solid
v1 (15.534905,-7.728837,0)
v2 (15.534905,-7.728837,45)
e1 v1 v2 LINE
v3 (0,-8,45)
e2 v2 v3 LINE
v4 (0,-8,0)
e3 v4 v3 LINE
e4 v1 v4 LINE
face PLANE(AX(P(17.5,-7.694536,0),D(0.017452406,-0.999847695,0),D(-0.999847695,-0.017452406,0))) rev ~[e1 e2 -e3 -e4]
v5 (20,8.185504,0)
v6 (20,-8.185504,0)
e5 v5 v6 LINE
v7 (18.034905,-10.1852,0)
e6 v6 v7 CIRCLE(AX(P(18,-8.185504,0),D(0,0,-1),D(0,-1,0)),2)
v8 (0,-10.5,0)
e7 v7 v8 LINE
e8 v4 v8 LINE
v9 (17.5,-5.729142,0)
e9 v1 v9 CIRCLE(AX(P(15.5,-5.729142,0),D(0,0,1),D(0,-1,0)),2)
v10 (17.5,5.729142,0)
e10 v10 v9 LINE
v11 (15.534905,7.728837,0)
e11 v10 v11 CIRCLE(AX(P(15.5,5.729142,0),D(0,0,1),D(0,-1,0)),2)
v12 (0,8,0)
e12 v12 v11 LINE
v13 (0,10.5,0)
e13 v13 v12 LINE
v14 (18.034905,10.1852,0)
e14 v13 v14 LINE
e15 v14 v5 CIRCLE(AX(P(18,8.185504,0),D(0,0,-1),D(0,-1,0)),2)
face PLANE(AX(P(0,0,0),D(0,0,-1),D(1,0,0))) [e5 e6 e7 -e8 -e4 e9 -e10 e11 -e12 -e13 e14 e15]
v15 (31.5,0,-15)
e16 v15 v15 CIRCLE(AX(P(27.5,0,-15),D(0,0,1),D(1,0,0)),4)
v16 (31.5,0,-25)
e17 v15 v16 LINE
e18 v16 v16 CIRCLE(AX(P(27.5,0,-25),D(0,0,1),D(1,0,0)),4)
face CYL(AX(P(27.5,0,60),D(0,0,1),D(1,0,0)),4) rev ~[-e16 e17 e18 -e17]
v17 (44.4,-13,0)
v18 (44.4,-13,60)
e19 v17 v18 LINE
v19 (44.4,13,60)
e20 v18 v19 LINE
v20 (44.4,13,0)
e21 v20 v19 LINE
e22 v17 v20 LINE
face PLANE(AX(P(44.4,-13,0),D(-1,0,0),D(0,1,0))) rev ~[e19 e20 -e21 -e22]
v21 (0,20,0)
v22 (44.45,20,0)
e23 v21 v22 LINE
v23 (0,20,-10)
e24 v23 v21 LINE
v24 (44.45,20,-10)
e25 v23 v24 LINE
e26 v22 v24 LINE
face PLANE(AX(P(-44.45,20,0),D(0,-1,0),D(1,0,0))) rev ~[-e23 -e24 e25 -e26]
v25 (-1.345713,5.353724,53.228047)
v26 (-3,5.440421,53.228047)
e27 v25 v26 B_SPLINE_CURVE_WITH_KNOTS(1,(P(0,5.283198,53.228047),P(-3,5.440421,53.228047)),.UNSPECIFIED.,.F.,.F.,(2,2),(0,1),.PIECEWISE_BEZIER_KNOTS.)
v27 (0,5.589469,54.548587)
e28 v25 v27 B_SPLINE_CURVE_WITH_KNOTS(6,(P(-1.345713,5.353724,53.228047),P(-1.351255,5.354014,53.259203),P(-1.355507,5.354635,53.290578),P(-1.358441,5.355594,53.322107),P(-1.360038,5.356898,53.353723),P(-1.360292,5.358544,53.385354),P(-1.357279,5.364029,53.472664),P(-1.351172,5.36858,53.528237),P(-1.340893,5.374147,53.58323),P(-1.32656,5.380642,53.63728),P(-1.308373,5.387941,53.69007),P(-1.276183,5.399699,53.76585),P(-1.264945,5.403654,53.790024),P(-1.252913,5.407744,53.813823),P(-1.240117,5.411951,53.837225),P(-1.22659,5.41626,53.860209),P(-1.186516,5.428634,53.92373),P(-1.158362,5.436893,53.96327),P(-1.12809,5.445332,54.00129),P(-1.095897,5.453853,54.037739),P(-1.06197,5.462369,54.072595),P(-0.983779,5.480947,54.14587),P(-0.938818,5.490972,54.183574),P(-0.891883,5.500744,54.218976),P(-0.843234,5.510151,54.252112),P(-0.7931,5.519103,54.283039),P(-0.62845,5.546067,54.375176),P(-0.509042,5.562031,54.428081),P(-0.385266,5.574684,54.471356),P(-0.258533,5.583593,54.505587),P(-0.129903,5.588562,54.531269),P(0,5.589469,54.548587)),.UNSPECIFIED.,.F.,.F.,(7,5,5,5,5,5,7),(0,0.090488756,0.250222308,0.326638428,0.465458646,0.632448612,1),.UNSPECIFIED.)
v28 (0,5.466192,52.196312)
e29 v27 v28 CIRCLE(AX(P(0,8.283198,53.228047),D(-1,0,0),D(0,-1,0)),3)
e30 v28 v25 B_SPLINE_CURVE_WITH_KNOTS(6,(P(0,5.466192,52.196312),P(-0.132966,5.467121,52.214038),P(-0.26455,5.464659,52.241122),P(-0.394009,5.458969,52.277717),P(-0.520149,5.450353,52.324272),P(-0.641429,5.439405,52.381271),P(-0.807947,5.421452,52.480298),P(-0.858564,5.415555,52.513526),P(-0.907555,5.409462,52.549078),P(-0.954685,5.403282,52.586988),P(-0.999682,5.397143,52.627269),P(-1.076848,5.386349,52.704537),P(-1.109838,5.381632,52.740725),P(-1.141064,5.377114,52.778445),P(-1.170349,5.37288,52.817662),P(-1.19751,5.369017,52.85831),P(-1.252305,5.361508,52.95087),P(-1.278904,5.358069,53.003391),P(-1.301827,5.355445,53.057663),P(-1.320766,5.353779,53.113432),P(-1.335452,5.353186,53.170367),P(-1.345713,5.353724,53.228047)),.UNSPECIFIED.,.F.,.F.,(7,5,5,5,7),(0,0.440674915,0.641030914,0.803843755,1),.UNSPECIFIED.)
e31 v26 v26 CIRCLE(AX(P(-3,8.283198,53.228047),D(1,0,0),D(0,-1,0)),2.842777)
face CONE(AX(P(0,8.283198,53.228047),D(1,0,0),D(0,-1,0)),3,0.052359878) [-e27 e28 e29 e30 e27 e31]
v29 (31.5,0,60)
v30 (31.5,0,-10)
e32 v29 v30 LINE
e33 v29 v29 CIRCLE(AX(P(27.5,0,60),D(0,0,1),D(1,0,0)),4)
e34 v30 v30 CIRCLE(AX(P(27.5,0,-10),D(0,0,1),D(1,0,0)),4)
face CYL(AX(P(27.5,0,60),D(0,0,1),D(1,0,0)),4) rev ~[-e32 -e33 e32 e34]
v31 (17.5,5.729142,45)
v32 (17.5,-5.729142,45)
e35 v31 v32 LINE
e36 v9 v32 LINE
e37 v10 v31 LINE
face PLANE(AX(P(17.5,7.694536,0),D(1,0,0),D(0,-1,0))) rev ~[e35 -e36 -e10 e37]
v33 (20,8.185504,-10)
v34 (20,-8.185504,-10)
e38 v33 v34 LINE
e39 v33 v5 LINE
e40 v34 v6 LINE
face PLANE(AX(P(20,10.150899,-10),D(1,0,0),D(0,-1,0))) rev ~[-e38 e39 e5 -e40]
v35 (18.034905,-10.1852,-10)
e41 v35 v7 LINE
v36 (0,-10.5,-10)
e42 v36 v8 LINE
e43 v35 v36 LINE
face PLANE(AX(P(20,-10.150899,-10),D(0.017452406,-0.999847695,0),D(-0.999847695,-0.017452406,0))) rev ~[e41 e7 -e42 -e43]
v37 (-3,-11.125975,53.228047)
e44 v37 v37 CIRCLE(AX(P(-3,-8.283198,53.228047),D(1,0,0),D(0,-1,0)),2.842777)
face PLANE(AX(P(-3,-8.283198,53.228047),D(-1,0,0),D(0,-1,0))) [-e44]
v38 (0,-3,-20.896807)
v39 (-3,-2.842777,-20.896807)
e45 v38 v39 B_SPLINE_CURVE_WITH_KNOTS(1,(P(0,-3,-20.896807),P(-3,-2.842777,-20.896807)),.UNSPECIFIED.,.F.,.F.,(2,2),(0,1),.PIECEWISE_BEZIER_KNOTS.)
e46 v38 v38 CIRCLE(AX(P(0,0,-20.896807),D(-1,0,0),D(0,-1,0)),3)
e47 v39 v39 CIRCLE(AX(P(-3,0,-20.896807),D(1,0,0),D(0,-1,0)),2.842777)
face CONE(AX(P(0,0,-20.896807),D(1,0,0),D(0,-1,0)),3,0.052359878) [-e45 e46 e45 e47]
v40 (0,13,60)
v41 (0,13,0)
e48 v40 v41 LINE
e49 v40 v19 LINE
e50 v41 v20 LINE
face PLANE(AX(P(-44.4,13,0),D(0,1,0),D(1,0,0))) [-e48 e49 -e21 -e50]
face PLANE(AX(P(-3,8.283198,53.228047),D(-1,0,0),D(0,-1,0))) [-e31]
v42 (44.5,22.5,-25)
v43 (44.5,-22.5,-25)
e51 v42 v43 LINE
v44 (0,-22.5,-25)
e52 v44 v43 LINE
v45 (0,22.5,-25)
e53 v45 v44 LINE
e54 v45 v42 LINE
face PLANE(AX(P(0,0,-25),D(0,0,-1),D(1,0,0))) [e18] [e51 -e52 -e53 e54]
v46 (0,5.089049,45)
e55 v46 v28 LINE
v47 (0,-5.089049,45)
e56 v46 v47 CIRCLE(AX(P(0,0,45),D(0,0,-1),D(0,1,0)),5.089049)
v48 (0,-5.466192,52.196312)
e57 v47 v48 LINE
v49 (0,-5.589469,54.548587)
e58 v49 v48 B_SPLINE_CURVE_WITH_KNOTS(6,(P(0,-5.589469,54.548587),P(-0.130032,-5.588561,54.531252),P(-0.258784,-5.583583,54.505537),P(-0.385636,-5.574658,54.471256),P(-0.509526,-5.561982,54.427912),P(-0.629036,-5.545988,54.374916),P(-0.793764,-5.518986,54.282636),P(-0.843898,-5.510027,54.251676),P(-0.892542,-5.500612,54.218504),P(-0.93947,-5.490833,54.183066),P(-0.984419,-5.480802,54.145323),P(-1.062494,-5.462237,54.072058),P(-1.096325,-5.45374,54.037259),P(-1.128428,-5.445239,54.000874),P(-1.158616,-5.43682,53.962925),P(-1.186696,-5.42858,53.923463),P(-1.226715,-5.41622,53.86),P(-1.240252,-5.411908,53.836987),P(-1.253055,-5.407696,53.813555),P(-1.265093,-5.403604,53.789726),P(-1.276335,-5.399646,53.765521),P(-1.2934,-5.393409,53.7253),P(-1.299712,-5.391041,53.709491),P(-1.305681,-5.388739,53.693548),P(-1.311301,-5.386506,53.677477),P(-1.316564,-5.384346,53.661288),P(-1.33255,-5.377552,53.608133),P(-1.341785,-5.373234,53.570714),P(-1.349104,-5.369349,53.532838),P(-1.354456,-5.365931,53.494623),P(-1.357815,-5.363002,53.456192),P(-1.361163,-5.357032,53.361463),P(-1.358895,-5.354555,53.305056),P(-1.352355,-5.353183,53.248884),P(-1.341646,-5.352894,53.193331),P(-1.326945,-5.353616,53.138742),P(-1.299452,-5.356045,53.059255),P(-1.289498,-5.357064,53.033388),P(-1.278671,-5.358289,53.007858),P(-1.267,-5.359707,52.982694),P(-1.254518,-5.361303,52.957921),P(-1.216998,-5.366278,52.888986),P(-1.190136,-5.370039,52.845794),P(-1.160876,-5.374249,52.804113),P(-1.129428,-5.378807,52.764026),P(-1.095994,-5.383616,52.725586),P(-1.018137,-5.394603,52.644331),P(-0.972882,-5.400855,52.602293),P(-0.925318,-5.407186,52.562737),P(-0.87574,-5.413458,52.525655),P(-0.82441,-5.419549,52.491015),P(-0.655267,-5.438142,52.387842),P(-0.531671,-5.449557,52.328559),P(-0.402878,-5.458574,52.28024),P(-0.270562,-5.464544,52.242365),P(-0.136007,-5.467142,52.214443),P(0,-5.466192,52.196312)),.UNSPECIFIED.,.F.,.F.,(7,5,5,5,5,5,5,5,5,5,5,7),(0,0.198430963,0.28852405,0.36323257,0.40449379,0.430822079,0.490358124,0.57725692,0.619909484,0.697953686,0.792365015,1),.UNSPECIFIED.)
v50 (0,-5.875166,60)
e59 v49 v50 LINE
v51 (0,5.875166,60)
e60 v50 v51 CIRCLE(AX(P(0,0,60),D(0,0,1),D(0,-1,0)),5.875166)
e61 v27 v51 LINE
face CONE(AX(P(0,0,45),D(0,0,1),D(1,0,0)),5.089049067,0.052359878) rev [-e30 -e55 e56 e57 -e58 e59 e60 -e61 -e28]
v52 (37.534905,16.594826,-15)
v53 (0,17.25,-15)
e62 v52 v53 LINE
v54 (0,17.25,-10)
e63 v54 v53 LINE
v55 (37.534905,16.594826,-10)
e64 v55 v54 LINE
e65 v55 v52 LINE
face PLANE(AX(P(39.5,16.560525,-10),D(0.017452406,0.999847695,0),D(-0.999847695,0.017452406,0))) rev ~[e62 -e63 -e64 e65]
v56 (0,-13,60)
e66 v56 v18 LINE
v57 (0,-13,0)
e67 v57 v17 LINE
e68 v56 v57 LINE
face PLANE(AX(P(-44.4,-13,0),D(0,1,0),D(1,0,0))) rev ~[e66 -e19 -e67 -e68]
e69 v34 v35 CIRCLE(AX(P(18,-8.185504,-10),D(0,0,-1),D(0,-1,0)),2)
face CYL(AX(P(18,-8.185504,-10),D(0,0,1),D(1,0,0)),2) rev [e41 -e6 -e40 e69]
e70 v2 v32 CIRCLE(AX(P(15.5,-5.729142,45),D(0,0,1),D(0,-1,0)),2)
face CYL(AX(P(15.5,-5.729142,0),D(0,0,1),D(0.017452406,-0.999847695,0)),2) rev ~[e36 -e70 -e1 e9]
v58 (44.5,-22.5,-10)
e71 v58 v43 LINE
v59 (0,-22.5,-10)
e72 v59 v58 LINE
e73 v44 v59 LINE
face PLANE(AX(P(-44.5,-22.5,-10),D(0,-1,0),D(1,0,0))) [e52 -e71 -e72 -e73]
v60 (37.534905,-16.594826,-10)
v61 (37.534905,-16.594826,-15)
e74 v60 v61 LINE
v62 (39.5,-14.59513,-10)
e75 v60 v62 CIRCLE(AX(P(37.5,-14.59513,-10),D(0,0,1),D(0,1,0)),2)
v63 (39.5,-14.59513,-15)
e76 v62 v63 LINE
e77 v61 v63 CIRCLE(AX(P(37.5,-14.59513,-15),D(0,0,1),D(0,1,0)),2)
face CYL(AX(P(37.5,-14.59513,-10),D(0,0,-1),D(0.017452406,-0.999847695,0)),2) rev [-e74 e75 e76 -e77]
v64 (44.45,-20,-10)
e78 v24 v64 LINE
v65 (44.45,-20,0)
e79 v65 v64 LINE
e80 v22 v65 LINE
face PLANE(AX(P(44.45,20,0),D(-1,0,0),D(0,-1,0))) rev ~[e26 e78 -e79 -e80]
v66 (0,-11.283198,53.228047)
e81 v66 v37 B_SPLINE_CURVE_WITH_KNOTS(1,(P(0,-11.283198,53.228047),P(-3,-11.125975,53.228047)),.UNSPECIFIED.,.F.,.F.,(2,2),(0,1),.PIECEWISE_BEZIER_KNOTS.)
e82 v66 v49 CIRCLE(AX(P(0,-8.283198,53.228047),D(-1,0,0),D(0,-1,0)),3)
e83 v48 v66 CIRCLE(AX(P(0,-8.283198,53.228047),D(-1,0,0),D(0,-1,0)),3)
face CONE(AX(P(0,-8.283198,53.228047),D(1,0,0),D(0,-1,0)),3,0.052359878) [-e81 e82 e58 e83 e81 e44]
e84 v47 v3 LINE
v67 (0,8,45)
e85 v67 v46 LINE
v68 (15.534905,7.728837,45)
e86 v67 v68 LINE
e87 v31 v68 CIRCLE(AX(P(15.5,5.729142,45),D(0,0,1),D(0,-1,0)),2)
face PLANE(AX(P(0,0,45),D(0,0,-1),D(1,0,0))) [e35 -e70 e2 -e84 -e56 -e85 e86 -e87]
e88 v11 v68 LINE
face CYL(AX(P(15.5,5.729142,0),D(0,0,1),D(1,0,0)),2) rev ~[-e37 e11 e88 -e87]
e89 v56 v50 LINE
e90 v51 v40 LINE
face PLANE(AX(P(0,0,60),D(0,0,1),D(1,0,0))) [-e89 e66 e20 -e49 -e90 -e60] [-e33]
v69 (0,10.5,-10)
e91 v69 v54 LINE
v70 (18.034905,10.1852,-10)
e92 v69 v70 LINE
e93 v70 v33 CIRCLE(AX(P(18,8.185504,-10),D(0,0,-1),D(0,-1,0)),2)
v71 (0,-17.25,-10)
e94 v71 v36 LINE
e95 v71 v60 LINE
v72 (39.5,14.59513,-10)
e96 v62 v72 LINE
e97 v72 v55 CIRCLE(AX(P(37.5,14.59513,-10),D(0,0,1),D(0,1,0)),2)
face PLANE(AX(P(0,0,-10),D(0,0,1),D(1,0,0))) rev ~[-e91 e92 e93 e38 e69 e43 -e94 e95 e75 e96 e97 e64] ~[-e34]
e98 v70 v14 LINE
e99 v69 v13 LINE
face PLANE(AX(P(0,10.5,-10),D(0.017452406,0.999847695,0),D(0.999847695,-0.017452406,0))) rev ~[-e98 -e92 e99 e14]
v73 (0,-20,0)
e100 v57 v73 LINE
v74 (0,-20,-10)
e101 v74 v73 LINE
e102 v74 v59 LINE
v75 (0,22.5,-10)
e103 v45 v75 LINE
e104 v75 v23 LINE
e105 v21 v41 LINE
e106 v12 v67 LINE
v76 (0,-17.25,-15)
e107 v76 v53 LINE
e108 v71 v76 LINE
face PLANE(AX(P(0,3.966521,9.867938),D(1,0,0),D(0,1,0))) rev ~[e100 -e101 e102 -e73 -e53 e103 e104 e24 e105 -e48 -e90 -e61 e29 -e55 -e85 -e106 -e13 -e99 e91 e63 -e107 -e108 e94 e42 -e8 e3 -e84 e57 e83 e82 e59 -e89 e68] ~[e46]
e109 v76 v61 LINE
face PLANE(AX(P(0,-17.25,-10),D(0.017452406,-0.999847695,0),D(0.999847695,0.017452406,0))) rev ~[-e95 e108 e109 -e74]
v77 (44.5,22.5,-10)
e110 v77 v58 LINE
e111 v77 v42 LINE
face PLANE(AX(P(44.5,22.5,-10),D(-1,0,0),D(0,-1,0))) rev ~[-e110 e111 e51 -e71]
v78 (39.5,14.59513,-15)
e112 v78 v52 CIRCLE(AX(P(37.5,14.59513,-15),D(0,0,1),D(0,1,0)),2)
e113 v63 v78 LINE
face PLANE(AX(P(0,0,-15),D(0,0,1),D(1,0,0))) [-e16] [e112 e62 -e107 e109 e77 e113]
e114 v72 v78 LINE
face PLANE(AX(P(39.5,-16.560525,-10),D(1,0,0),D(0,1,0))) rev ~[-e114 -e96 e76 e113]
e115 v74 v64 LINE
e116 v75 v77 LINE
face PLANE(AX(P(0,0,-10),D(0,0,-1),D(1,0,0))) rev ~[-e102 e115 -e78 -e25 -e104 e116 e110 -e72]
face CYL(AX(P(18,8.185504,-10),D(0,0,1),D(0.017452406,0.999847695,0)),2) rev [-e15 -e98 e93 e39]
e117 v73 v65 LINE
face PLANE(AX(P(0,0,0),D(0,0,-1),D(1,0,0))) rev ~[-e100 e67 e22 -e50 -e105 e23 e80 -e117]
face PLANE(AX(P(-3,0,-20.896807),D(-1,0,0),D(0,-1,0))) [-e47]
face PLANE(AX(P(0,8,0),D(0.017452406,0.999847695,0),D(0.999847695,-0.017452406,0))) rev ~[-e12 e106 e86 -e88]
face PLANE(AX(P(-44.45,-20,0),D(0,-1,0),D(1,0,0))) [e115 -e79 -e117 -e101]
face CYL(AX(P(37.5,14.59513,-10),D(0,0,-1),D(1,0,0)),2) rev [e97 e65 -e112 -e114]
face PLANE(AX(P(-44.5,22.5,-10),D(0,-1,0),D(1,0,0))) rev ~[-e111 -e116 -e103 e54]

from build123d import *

# Parameters (mm, degrees)
F0_W      = 88.8
F0_H      = 26
F1_DEPTH  = 60
F3_DEPTH  = 45
F4_R      = 2
F5_W      = 88.9
F5_H      = 40
F6_DEPTH  = 10
F8_DEPTH  = 10
F9_R      = 2
F10_W     = 89
F10_H     = 45
F11_DEPTH = 15
F13_DEPTH = 5
F14_R     = 2
F15_R     = 4.6723110677
F15_R_2   = 4
F16_DEPTH = 85.001
F17_W     = 79.5239582658
F17_H     = 118.802215904
F18_DEPTH = 80
F19_R     = 3
F20_DEPTH = 3
F20_TAPER = 3
F21_DEPTH = 3
F21_TAPER = 3
F22_R     = 5.0890490665
F23_DEPTH = 25
F23_TAPER = -3


with BuildPart() as f1:
    # F0 (on Top) → F1 (new body)
    with BuildSketch(Plane.XY):
        Rectangle(F0_W, F0_H)
    extrude(amount=F1_DEPTH)

    # F2 (on face) → F3 (cut)
    with BuildSketch(Plane(origin=(0, 0, 0), x_dir=(1, 0, 0), z_dir=(0, 0, -1))):
        Polygon((-17.5, -7.6945363638), (0, -8), (17.5, -7.6945363638), (17.5, 7.6945363638), (0, 8), (-17.5, 7.6945363638), align=None)
    extrude(amount=-F3_DEPTH, mode=Mode.SUBTRACT)

    # F4
    f4_edges = [f1.edges().sort_by_distance(p)[0] for p in [
        (-17.5, 7.694536, 22.5),
        (-17.5, -7.694536, 22.5),
        (17.5, -7.694536, 22.5),
        (17.5, 7.694536, 22.5),
    ]]
    fillet(f4_edges, radius=F4_R)

    # F5 (on face) → F6 (join)
    with BuildSketch(Plane(origin=(0, 0, 0), x_dir=(1, 0, 0), z_dir=(0, 0, -1))):
        Rectangle(F5_W, F5_H)
    extrude(amount=F6_DEPTH)

    # F7 (on face) → F8 (cut)
    with BuildSketch(Plane(origin=(0, 0, -10), x_dir=(1, 0, 0), z_dir=(0, 0, -1))):
        Polygon((-20, -10.1508987014), (0, -10.5), (20, -10.1508987014), (20, 10.1508987014), (0, 10.5), (-20, 10.1508987014), align=None)
    extrude(amount=-F8_DEPTH, mode=Mode.SUBTRACT)

    # F9
    f9_edges = [f1.edges().sort_by_distance(p)[0] for p in [
        (-20, 10.150899, -5),
        (-20, -10.150899, -5),
        (20, 10.150899, -5),
        (20, -10.150899, -5),
    ]]
    fillet(f9_edges, radius=F9_R)

    # F10 (on face) → F11 (join)
    with BuildSketch(Plane(origin=(0, 0, -10), x_dir=(1, 0, 0), z_dir=(0, 0, -1))):
        Rectangle(F10_W, F10_H)
    extrude(amount=F11_DEPTH)

    # F12 (on face) → F13 (cut)
    with BuildSketch(Plane.XY.offset(-10)):
        Polygon((-39.5, -16.5605249353), (0, -17.25), (39.5, -16.5605249353), (39.5, 16.5605249353), (0, 17.25), (-39.5, 16.5605249353), align=None)
    extrude(amount=-F13_DEPTH, mode=Mode.SUBTRACT)

    # F14
    f14_edges = [f1.edges().sort_by_distance(p)[0] for p in [
        (-39.5, 16.560525, -12.5),
        (-39.5, -16.560525, -12.5),
        (39.5, -16.560525, -12.5),
        (39.5, 16.560525, -12.5),
    ]]
    fillet(f14_edges, radius=F14_R)

    # F15 (on face) → F16 (cut, through all)
    with BuildSketch(Plane.XY.offset(60)):
        with Locations((-27.5, 0)):
            Circle(F15_R)
        with Locations((27.5, 0)):
            Circle(F15_R_2)
    extrude(amount=-F16_DEPTH, mode=Mode.SUBTRACT)

    # F17 (on Right) → F18 (cut)
    with BuildSketch(Plane.YZ):
        with Locations((3.9665214717, 9.8679382354)):
            Rectangle(F17_W, F17_H)
    extrude(amount=-F18_DEPTH, mode=Mode.SUBTRACT)

    # F19 (on face) → F20 (join)
    with BuildSketch(Plane(origin=(0, 0, 0), x_dir=(0, -1, 0), z_dir=(-1, 0, 0))):
        with Locations((8.2831978798, 53.2280467451)):
            Circle(F19_R)
        with Locations((0, -20.896807313)):
            Circle(F19_R)
        with Locations((-8.2831978798, 53.2280467451)):
            Circle(F19_R)
    extrude(amount=F20_DEPTH, taper=F20_TAPER)

    # F19 (on face) → F21 (join)
    with BuildSketch(Plane(origin=(0, 0, 0), x_dir=(0, -1, 0), z_dir=(-1, 0, 0))):
        with Locations((8.2831978798, 53.2280467451)):
            Circle(F19_R)
        with Locations((0, -20.896807313)):
            Circle(F19_R)
        with Locations((-8.2831978798, 53.2280467451)):
            Circle(F19_R)
    extrude(amount=F21_DEPTH, taper=F21_TAPER)

    # F22 (on face) → F23 (cut)
    with BuildSketch(Plane(origin=(0, 0, 45), x_dir=(1, 0, 0), z_dir=(0, 0, -1))):
        Circle(F22_R)
    extrude(amount=-F23_DEPTH, taper=F23_TAPER, mode=Mode.SUBTRACT)


solid = f1.part
